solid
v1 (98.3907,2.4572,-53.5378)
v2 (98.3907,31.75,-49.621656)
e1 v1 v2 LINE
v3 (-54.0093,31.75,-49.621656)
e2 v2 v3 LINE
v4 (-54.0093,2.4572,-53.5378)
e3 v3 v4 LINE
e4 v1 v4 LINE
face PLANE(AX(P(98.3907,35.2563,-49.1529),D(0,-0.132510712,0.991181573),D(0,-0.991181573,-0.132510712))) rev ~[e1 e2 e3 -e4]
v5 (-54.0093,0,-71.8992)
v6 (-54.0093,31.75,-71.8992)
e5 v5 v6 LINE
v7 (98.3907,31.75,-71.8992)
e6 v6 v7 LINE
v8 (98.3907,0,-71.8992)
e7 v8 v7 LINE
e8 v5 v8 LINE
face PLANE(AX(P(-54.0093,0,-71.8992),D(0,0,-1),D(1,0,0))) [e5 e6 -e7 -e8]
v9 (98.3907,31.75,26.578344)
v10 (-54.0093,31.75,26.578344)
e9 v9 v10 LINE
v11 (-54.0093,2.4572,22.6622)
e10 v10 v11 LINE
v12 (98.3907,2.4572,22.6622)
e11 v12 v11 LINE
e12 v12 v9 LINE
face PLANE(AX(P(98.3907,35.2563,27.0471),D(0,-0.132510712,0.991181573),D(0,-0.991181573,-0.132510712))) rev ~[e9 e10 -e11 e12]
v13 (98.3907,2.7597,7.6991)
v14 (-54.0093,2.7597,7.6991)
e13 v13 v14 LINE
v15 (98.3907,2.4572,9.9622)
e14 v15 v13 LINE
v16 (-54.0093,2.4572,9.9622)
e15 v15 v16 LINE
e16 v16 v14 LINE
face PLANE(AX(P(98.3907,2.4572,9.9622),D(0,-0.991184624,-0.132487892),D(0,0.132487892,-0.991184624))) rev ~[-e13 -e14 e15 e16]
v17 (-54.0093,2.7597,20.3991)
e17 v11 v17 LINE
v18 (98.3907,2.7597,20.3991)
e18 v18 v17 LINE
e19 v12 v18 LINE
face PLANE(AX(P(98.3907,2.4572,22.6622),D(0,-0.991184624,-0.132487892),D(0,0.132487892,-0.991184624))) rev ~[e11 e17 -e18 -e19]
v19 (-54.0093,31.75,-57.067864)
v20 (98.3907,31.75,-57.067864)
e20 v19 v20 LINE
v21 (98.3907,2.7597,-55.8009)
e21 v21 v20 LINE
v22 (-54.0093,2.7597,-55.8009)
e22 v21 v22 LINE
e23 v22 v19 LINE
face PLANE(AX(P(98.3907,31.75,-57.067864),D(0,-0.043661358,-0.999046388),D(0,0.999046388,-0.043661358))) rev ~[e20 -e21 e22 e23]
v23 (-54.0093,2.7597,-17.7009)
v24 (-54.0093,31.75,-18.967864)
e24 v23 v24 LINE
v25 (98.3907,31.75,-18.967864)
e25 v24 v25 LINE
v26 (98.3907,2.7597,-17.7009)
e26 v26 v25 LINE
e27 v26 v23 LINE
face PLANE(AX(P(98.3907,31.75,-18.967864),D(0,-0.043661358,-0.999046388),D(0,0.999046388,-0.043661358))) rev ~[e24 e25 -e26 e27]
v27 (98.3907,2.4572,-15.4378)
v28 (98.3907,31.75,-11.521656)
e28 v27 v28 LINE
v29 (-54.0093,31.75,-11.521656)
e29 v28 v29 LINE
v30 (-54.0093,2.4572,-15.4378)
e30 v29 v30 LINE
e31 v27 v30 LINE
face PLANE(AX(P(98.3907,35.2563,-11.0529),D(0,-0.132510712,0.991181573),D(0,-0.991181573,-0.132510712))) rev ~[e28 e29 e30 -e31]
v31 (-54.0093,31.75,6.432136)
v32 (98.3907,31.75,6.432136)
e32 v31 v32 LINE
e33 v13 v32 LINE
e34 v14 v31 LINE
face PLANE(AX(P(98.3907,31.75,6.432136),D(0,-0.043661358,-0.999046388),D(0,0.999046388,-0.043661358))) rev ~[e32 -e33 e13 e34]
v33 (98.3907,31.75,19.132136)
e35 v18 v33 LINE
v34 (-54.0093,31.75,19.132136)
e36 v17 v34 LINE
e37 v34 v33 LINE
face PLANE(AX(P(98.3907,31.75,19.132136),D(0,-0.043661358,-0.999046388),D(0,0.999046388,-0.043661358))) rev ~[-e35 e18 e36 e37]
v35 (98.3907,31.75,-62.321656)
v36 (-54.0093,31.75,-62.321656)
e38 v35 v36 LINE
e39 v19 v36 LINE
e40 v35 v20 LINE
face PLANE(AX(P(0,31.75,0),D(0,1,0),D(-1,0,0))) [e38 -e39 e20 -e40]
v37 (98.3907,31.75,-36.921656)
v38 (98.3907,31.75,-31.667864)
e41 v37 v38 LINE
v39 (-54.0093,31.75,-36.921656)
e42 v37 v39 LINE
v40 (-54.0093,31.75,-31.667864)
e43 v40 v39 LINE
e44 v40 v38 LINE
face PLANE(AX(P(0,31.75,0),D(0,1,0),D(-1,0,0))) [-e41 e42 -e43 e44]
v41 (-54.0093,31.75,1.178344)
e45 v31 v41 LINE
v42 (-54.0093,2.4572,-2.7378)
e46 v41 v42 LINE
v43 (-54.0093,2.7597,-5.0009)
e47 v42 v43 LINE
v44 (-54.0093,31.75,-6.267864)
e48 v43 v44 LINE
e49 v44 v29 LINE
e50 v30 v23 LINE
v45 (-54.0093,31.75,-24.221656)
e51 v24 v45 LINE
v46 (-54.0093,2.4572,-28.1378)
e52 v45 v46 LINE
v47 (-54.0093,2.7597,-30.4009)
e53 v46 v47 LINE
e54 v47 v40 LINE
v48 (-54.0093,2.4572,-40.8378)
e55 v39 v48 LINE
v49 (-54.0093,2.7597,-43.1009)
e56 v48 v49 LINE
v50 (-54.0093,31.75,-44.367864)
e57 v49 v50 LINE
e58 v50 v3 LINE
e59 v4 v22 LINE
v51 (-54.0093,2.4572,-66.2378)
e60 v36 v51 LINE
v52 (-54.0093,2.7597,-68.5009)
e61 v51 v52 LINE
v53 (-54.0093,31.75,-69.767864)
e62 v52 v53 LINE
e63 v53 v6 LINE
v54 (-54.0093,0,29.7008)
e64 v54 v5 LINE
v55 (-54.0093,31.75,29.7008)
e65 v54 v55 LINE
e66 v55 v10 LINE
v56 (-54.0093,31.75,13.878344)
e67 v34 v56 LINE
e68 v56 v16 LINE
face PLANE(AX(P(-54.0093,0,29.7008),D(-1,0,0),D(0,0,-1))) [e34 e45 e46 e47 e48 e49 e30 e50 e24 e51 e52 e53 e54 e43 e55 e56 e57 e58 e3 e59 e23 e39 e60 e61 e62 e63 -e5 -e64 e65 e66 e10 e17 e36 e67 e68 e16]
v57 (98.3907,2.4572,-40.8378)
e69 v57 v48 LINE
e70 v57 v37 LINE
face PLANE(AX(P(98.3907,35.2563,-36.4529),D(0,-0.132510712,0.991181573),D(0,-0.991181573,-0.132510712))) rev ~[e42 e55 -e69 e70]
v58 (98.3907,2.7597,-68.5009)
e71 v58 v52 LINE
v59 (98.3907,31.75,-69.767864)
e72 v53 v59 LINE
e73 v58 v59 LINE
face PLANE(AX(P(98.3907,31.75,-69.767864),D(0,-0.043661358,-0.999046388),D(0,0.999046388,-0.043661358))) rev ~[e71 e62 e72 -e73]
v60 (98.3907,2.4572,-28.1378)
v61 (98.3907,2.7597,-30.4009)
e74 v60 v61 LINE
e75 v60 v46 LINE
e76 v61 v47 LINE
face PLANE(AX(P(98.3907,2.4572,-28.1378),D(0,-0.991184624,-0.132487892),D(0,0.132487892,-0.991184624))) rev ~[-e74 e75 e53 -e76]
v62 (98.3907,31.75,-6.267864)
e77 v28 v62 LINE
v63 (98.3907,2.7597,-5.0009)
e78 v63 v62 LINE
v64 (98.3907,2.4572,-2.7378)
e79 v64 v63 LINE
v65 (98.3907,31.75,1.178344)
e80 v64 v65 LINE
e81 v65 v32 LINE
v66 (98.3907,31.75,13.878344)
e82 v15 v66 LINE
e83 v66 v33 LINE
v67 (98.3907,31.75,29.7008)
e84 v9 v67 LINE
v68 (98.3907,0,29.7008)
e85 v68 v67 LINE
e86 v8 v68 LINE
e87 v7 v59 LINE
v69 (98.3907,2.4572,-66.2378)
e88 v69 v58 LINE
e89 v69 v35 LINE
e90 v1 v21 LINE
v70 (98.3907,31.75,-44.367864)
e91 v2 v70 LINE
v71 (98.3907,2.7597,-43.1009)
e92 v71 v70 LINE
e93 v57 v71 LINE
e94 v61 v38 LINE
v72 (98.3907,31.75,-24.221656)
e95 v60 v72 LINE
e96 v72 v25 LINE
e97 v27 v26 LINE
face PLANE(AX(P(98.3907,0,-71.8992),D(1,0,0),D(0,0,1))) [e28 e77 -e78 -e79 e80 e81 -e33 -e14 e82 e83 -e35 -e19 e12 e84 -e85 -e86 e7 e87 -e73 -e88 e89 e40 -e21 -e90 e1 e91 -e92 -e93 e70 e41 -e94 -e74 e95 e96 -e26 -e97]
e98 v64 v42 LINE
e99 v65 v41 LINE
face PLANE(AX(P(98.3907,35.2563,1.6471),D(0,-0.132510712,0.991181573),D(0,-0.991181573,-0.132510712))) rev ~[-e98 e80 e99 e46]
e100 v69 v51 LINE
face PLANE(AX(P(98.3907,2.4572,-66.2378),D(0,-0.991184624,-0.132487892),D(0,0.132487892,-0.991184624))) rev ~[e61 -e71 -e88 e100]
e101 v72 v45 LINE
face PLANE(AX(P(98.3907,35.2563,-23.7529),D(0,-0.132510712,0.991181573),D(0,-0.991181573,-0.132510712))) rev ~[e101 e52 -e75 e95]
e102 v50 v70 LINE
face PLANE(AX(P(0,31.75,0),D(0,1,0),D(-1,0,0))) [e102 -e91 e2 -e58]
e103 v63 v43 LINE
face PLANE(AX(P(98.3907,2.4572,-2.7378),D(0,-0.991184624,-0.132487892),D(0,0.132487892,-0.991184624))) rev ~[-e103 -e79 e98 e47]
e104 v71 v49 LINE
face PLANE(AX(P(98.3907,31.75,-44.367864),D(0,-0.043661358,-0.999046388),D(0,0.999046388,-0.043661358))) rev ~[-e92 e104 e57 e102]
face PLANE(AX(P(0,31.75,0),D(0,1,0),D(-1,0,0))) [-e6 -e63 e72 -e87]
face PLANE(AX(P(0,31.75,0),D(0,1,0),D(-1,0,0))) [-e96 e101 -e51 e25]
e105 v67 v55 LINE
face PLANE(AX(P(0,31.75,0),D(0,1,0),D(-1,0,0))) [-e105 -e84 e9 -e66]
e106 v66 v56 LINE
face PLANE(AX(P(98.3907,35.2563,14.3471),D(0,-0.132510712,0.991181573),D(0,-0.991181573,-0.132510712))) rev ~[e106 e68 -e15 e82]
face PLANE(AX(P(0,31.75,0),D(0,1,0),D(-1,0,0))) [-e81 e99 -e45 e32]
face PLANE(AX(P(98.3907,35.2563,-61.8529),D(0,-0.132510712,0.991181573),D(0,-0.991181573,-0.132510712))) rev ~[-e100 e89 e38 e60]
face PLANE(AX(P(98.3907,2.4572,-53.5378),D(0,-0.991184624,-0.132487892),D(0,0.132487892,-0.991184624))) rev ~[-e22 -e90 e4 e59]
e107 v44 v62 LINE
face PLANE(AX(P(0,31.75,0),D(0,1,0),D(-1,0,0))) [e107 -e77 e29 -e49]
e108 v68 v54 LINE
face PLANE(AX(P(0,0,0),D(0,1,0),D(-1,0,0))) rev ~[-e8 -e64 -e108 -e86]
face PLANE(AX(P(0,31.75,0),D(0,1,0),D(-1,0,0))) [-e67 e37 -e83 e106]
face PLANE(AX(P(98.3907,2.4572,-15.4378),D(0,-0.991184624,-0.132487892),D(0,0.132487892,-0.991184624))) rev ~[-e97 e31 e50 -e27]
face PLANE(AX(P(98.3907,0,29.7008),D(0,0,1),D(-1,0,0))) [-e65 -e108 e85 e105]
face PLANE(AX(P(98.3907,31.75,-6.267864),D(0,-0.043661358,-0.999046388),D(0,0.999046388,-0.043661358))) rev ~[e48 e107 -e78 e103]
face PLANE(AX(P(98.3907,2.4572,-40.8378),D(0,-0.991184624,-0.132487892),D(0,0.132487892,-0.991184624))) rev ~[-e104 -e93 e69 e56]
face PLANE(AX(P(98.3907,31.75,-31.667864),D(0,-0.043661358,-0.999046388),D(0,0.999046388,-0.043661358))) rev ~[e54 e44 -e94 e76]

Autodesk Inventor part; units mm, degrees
ref_plane "YZ Plane" through (0, 0, 0) normal (1, 0, 0) x (0, 1, 0)
ref_plane "XZ Plane" through (0, 0, 0) normal (0, 1, 0) x (-1, 0, 0)
ref_plane "XY Plane" through (0, 0, 0) normal (0, 0, 1) x (1, 0, 0)
sketch "Sketch1" plane through (0, 0, 0) normal (0, 1, 0) x (-1, 0, 0)
  line L0 (-98.3907, 29.7008) -> (54.0093, 29.7008)
  line L1 (54.0093, 29.7008) -> (54.0093, -71.8992)
  line L2 (54.0093, -71.8992) -> (-98.3907, -71.8992)
  line L3 (-98.3907, -71.8992) -> (-98.3907, 29.7008)
  point P0 (0, 0)
  dimension "d0" = 152.4
  dimension "d1" = 101.6
extrude "Extrusion1" add sketch "Sketch1" along normal blind 31.75
sketch "Sketch2" plane through (98.3907, 0, 29.7008) normal (1, 0, 0) x (0, 0, -1)
  line L0 (0, 31.75) -> (101.6, 31.75) projected
  line L1 (2.6537, 35.2563) -> (7.0386, 2.4572)
  line L2 (7.0386, 2.4572) -> (9.3017, 2.7597)
  line L3 (9.3017, 2.7597) -> (10.7219, 35.2563)
  line L4 (10.7219, 35.2563) -> (2.6537, 35.2563)
  point P0 (29.7008, 0)
extrude "Extrusion2" cut sketch "Sketch2" against normal up to next
pattern_linear "Rectangular Pattern1" count 8 spacing 12.7 along (0, 0, -1) of "Extrusion2"
properties part number "HeatSink"
